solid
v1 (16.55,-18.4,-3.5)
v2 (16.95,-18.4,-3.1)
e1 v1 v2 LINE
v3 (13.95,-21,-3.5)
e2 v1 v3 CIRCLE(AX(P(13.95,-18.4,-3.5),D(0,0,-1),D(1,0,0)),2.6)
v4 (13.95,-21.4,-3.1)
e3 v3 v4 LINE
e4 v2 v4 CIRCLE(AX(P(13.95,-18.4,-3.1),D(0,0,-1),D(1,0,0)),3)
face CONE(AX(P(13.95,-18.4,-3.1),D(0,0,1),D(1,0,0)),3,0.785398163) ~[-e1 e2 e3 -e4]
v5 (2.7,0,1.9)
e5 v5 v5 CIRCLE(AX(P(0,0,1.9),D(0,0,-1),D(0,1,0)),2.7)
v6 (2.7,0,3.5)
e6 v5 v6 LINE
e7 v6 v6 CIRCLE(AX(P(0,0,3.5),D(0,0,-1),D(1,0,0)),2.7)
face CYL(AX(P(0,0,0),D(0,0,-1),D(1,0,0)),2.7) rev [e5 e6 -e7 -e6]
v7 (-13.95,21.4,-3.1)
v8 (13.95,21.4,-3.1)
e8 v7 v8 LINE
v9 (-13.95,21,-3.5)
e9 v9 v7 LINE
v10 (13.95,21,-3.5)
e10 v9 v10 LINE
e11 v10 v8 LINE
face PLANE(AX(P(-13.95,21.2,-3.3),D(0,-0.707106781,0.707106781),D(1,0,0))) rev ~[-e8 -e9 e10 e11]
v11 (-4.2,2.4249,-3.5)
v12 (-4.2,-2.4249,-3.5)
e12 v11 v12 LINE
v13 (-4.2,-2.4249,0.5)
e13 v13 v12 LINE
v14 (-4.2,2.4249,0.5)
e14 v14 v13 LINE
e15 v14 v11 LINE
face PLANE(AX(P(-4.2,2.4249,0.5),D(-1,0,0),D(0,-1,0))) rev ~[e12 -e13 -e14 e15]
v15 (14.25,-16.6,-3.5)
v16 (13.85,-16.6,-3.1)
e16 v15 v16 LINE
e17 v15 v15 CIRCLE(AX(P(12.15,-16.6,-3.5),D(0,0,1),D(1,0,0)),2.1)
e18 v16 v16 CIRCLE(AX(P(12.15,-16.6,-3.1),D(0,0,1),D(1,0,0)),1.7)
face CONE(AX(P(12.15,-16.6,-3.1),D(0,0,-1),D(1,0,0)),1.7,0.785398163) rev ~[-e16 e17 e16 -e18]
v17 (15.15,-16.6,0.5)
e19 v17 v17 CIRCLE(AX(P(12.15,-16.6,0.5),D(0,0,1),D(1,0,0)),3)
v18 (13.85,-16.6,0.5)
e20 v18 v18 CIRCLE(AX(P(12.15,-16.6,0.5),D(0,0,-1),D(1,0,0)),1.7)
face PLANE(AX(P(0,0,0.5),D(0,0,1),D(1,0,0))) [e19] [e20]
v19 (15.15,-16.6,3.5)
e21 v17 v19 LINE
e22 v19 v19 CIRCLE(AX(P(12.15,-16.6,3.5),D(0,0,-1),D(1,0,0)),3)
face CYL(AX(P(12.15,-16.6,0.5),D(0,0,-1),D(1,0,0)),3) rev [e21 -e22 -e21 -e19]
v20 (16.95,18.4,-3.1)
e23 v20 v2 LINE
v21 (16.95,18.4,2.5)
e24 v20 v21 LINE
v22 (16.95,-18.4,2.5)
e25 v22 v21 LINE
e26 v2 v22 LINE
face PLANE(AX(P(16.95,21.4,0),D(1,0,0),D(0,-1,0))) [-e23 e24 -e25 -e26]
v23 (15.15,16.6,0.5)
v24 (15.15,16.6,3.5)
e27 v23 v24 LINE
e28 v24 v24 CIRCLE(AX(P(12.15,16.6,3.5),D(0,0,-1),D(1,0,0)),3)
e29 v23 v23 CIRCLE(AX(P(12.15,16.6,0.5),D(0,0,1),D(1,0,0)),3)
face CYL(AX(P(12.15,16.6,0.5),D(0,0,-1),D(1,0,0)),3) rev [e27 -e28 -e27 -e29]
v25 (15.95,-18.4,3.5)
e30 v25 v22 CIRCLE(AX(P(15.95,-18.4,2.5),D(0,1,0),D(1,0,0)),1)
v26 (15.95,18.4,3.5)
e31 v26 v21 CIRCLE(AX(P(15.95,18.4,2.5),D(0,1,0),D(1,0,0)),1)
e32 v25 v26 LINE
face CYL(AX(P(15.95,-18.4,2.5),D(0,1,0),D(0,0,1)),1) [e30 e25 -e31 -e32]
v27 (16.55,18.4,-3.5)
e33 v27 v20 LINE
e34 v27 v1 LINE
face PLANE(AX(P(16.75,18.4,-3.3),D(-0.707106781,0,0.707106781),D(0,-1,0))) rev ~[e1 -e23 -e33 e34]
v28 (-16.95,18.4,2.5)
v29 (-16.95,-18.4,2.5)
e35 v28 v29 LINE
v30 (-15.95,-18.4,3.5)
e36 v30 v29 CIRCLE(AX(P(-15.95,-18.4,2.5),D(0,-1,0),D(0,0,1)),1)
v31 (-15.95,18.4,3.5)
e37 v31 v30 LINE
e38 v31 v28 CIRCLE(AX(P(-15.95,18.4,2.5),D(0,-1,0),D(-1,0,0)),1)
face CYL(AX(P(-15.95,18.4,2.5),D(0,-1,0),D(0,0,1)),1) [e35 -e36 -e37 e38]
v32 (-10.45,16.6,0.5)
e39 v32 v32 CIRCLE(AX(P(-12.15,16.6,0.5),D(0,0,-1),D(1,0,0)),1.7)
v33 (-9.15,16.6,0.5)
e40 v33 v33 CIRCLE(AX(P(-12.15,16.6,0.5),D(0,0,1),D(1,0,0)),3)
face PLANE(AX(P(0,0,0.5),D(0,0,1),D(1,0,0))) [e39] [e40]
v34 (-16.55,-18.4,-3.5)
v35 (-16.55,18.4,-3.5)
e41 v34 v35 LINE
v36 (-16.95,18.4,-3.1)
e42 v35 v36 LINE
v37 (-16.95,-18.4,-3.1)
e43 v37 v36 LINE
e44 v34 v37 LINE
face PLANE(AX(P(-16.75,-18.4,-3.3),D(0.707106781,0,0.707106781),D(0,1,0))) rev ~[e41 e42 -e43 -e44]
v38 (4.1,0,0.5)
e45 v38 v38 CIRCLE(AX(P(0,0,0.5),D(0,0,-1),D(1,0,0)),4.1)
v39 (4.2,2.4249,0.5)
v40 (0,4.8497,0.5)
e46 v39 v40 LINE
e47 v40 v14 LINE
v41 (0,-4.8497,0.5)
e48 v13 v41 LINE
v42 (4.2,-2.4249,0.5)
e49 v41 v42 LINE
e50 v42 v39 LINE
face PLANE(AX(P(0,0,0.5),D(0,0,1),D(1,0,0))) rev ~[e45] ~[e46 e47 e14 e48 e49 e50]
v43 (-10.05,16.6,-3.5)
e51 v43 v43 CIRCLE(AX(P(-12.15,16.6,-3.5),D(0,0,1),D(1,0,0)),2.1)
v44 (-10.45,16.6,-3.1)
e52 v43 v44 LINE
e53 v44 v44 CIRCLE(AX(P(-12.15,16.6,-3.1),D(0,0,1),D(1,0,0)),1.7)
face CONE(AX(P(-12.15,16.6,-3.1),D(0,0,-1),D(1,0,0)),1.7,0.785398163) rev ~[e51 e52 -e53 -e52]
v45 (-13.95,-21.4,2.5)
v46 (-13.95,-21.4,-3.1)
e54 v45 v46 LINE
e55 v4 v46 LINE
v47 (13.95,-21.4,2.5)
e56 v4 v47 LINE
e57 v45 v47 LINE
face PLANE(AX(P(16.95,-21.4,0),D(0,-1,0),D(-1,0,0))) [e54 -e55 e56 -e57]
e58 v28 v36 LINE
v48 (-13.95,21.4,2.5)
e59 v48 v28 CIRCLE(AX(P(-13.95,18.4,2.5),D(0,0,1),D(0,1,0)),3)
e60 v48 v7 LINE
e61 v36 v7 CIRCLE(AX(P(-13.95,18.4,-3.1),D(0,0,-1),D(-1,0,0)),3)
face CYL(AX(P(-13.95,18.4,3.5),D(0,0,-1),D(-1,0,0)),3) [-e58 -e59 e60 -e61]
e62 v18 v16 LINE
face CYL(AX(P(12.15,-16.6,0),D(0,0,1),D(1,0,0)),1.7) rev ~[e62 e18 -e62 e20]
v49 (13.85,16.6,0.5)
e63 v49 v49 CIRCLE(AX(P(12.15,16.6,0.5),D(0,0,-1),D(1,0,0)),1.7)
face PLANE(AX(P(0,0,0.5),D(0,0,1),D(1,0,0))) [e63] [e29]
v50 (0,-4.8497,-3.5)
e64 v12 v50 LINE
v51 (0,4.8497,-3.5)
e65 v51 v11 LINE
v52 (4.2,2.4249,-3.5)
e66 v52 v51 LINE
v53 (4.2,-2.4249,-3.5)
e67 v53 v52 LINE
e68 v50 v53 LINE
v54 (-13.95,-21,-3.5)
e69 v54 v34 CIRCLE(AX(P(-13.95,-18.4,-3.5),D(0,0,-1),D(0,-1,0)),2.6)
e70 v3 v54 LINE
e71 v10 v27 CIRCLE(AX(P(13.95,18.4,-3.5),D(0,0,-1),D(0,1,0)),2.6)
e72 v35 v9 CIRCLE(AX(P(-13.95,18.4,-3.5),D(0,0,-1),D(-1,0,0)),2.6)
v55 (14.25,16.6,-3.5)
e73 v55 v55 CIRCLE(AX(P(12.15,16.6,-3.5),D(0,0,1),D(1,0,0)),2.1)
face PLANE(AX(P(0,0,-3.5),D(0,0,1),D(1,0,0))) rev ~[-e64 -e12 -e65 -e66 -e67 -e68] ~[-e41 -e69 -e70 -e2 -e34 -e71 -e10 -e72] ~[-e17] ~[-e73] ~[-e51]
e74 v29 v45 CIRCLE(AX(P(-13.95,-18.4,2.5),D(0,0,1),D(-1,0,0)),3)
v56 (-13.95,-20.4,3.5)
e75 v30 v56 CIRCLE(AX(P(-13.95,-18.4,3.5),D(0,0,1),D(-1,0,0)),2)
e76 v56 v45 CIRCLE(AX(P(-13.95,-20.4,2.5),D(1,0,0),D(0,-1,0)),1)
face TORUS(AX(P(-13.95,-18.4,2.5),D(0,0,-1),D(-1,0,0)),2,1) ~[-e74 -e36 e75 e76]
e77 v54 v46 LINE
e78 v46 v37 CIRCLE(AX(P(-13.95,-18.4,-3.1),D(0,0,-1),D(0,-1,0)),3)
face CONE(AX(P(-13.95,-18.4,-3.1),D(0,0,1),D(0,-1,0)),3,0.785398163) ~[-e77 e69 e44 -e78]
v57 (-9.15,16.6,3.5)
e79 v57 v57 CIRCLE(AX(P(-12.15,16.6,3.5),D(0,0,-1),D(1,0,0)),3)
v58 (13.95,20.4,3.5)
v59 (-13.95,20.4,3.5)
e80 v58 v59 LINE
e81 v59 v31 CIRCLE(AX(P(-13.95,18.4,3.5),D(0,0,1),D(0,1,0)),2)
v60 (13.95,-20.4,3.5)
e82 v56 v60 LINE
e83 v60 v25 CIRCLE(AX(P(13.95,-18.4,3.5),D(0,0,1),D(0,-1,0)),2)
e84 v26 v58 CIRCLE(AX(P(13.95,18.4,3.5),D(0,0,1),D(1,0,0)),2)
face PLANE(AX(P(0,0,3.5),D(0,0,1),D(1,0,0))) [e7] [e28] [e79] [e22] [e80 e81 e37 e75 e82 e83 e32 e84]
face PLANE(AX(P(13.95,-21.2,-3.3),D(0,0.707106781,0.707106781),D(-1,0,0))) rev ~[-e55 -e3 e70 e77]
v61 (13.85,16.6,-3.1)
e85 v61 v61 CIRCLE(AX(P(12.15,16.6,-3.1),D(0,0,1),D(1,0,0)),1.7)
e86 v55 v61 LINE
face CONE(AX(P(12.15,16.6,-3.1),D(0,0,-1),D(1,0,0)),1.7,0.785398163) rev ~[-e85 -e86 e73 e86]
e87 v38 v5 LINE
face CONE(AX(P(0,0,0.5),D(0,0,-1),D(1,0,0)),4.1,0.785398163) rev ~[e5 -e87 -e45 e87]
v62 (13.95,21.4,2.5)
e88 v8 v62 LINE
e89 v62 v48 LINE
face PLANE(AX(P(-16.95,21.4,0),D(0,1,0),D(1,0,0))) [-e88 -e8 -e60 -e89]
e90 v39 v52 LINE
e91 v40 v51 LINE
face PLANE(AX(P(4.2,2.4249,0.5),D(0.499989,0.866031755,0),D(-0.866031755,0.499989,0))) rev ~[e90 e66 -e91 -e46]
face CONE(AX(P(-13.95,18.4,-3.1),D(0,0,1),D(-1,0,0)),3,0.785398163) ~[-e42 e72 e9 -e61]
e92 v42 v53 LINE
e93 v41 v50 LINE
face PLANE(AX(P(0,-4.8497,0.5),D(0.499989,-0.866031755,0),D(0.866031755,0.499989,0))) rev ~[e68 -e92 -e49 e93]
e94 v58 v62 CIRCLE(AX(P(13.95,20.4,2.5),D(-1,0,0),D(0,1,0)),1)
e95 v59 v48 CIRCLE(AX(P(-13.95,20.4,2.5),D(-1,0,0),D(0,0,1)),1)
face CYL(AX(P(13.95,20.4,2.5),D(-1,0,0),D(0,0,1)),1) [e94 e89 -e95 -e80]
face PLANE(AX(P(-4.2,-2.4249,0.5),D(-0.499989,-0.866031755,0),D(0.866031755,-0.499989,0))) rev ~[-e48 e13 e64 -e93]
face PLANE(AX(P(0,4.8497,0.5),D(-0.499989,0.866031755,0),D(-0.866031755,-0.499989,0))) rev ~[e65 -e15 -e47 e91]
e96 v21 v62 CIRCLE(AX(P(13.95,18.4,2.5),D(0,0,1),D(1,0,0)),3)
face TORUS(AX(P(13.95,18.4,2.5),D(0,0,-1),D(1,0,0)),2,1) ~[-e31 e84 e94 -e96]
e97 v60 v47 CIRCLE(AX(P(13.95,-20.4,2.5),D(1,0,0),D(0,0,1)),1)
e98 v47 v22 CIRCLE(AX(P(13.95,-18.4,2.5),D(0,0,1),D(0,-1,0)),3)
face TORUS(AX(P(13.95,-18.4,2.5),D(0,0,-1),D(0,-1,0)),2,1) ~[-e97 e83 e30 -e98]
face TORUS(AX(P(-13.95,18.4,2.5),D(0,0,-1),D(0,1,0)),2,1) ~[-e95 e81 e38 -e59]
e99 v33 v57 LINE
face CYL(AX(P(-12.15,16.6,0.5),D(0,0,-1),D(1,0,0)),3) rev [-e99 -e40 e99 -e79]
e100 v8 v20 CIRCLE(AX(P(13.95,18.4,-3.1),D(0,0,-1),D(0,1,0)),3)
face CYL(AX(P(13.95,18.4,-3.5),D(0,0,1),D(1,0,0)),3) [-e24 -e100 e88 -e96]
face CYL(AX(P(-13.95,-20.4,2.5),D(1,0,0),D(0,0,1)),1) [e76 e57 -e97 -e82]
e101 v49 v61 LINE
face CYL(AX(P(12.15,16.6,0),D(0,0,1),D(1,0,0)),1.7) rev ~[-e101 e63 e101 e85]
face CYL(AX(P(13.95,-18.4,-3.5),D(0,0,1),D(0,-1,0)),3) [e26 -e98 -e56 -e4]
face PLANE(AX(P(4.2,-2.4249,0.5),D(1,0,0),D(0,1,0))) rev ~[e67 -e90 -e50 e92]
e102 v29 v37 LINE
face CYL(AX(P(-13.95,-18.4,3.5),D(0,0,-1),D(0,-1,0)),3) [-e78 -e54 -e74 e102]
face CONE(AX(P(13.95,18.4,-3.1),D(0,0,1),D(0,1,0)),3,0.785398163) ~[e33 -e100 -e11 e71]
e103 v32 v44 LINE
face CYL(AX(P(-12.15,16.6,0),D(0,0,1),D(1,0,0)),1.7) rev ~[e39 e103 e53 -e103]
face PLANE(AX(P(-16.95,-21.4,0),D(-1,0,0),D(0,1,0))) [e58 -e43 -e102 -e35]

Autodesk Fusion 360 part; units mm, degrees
sketch "Sketch1" plane through (0, 0, 0) normal (0, 0, 1) x (1, 0, 0) in component "[a]_z_drive_baseplate_a_x2"
  line L0 (16.95, -21.4) -> (-16.95, -21.4)
  line L1 (-16.95, -21.4) -> (-16.95, 21.4)
  line L2 (-16.95, 21.4) -> (16.95, 21.4)
  line L3 (16.95, 21.4) -> (16.95, -21.4)
  line L4 (16.95, -21.4) -> (-16.95, 21.4) construction
  line L5 (-16.95, -21.4) -> (16.95, 21.4) construction
  circle A0 centre (0, 0) radius 2.7
  circle A1 centre (-12.15, 16.6) radius 3
  circle A2 centre (-12.15, 16.6) radius 1.7
  line L6 (4.2, 2.4249) -> (0, 4.8497)
  line L7 (0, 4.8497) -> (-4.2, 2.4249)
  line L8 (-4.2, 2.4249) -> (-4.2, -2.4249)
  line L9 (-4.2, -2.4249) -> (0, -4.8497)
  line L10 (0, -4.8497) -> (4.2, -2.4249)
  line L11 (4.2, -2.4249) -> (4.2, 2.4249)
  line L12 (0, -25) -> (0, 28) construction
  line L13 (-30, 0) -> (30, 0) construction
  circle A3 centre (12.15, 16.6) radius 3
  circle A4 centre (12.15, 16.6) radius 1.7
  circle A5 centre (12.15, -16.6) radius 3
  circle A6 centre (12.15, -16.6) radius 1.7
  circle A7 centre (0, 0) radius 4.1
  dimension "d1" = 33.9
  dimension "d2" = 42.8
  dimension "d3" = 5.4
  dimension "d4" = 6
  dimension "d5" = 4.8
  dimension "d6" = 4.8
  dimension "d7" = 3.4
  dimension "d8" = 4.2
  dimension "d18" = 8.2
extrude "Extrude1" add sketch "Sketch1" along normal mid plane 7 contours L0 L1 L2 L3 | A0 | A1 | A2 | L6 L7 L8 L9 L10 L11 | A3 | A4 | A5 | A6 | A7 in component "[a]_z_drive_baseplate_a_x2"
fillet "Fillet1" radius 3 4 edges at (16.95, -21.4, 0) (-16.95, -21.4, 0) (-16.95, 21.4, 0) (16.95, 21.4, 0) in component "[a]_z_drive_baseplate_a_x2"
extrude "Extrude2" cut sketch "Sketch1" along normal through all and the other way through all contours A0 | A2 | A4 | A6 in component "[a]_z_drive_baseplate_a_x2"
extrude "Extrude3" cut sketch "Sketch1" along normal through all from surface at 0.5 contours A1 | A2 | A3 | A4 | A5 | A6 in component "[a]_z_drive_baseplate_a_x2"
extrude "Extrude4" cut sketch "Sketch1" against normal through all from surface at 0.5 contours A0 | L6 L7 L8 L9 L10 L11 | A7 in component "[a]_z_drive_baseplate_a_x2"
sketch "Sketch2" plane through (0, 0, 0) normal (0, 0, 1) x (1, 0, 0) in component "[a]_z_drive_baseplate_a_x2"
sketch "Sketch3" plane through (0, 0, 0.5) normal (0, 0, -1) x (1, 0, 0) in component "[a]_z_drive_baseplate_a_x2"
  line L0 (4.2, -2.4249) -> (4.2, 2.4249)
  line L1 (4.2, 2.4249) -> (0, 4.8497)
  line L2 (0, 4.8497) -> (-4.2, 2.4249)
  line L3 (-4.2, 2.4249) -> (-4.2, -2.4249)
  line L4 (-4.2, -2.4249) -> (0, -4.8497)
  line L5 (0, -4.8497) -> (4.2, -2.4249)
  circle A0 centre (0, 0) radius 4.1
extrude "Extrude5" cut sketch "Sketch3" against normal through all draft -45 contours A0 in component "[a]_z_drive_baseplate_a_x2"
chamfer "Chamfer1" distance 0.4 angle 45 11 edges at (0, 21.4, -3.5) (16.0713, 20.5213, -3.5) (16.95, 0, -3.5) (16.0713, -20.5213, -3.5) (0, -21.4, -3.5) (-16.0713, -20.5213, -3.5) (-16.95, 0, -3.5) (-16.0713, 20.5213, -3.5) (10.565, 15.9853, -3.5) (10.565, -17.2147, -3.5) (-13.735, 15.9853, -3.5) in component "[a]_z_drive_baseplate_a_x2"
fillet "Fillet2" radius 1 8 edges at (16.0713, 20.5213, 3.5) (0, 21.4, 3.5) (-16.0713, 20.5213, 3.5) (-16.95, 0, 3.5) (-16.0713, -20.5213, 3.5) (0, -21.4, 3.5) (16.0713, -20.5213, 3.5) (16.95, 0, 3.5) in component "[a]_z_drive_baseplate_a_x2"
component "[a]_z_drive_baseplate_a_x2" placed x (1, 0, 0) y (0, 1, 0) z (0, 0, 1) at (0, 0, 0)
